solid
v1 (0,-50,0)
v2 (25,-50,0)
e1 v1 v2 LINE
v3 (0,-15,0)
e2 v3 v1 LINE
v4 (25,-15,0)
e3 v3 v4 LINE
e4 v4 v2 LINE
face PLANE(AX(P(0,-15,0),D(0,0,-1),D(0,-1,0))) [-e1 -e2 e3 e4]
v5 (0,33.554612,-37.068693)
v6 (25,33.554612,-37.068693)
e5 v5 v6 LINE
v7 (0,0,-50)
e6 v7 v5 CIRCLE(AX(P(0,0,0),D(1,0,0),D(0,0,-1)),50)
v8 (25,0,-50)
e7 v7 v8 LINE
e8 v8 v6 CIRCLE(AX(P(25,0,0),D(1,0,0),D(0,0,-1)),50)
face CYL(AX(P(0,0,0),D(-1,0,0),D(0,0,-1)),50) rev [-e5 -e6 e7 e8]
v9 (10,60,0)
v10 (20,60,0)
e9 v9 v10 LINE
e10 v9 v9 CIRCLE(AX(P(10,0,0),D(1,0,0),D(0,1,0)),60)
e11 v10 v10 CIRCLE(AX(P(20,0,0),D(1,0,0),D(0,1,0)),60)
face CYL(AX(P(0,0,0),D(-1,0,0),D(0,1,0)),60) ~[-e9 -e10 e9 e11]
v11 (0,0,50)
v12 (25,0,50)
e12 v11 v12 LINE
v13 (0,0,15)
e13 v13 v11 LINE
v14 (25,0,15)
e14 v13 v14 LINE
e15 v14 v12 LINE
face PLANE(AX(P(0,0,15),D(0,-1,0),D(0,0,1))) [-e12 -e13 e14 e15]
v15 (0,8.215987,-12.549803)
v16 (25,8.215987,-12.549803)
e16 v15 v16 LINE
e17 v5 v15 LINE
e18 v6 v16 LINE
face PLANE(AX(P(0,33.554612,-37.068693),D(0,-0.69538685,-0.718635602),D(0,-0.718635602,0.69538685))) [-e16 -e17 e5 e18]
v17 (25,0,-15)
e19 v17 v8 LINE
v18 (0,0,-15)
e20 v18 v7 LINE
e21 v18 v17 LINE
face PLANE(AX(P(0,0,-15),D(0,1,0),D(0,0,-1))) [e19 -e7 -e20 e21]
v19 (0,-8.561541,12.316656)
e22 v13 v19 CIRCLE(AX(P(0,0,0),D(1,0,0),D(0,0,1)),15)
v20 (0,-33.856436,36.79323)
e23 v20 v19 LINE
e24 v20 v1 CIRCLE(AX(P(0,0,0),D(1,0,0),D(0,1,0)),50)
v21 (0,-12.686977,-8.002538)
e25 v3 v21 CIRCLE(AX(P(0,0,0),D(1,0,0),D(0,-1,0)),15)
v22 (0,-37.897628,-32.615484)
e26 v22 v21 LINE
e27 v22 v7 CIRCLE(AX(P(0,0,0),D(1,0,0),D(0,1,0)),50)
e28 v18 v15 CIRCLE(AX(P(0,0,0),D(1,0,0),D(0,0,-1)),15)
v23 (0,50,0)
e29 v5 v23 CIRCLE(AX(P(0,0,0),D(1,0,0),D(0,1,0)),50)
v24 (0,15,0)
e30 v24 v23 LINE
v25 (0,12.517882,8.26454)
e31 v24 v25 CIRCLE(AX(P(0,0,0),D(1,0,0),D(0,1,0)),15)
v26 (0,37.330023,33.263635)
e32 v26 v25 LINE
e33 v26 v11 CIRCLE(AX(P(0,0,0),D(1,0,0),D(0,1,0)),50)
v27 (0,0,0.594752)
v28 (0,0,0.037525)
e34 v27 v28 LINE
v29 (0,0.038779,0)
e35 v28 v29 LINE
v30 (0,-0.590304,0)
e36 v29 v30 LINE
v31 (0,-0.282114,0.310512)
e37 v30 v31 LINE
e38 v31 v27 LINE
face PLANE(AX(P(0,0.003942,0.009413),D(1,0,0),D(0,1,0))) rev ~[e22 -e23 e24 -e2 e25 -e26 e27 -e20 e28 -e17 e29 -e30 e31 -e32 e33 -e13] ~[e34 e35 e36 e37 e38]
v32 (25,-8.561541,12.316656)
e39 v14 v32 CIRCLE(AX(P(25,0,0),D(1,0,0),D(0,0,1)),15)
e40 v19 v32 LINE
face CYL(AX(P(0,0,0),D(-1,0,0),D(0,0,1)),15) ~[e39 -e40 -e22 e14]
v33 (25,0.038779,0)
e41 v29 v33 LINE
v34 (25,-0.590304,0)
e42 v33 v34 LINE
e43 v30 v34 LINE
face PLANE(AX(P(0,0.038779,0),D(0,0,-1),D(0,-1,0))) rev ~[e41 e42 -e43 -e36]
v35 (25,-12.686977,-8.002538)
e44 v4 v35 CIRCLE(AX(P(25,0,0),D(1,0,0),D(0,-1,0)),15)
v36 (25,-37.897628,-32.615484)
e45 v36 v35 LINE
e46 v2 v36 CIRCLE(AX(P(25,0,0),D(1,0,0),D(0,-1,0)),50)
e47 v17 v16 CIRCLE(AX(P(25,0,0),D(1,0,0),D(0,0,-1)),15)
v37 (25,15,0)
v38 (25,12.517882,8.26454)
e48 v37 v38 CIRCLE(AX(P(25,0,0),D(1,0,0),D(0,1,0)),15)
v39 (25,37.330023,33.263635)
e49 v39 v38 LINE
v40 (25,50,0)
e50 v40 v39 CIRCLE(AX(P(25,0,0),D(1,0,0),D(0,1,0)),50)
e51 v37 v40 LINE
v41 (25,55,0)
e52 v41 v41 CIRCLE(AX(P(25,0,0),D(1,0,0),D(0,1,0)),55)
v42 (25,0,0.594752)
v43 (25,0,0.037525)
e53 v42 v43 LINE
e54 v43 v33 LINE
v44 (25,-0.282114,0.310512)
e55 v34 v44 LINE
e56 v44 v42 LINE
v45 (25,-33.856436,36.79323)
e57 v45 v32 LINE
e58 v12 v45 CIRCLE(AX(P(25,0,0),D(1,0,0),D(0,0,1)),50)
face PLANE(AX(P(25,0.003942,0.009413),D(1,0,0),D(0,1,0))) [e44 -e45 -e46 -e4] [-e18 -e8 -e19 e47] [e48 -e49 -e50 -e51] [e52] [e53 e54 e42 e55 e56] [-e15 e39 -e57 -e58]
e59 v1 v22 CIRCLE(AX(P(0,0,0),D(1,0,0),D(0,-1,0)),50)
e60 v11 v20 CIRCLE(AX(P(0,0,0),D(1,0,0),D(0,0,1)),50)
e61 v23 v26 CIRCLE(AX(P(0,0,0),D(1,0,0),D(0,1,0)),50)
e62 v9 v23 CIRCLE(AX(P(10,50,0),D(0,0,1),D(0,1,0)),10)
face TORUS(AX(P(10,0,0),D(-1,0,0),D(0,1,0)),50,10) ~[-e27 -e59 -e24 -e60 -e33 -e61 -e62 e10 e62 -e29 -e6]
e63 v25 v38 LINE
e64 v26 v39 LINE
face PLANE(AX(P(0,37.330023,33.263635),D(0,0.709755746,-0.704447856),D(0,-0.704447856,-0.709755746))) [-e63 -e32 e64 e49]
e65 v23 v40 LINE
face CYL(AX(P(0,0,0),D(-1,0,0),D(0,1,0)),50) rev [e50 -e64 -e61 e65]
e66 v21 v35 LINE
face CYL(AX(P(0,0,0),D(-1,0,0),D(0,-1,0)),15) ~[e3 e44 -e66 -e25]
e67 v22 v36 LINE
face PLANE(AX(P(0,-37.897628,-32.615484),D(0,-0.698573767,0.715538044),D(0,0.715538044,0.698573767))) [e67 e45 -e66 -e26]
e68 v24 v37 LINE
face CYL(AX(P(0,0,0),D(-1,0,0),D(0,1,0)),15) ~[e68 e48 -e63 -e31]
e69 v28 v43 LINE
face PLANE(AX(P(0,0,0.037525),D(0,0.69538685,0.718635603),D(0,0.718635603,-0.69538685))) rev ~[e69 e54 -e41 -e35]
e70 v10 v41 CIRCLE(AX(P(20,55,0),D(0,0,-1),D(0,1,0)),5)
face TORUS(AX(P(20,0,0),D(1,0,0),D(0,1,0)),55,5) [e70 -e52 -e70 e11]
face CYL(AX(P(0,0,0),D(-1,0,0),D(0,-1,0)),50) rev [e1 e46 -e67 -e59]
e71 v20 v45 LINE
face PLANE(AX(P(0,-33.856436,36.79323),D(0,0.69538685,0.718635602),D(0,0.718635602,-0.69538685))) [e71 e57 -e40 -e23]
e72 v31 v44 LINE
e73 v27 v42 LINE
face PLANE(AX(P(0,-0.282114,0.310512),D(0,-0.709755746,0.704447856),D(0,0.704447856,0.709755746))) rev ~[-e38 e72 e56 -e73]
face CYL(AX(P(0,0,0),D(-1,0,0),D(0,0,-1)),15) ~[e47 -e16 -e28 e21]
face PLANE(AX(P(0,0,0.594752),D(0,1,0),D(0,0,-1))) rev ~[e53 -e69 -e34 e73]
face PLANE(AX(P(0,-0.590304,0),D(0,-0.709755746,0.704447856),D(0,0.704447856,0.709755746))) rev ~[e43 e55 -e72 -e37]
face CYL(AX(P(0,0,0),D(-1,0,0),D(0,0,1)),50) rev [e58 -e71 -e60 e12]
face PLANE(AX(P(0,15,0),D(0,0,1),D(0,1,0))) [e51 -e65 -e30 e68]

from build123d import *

# Parameters (mm, degrees)
F0_R     = 60
F0_R_2   = 55
F1_DEPTH = 25
F2_R     = 5
F3_R     = 10
F4_DEPTH = 25
F5_DEPTH = 25


with BuildPart() as f1:
    # F0 (on Right) → F1 (new body)
    with BuildSketch(Plane.YZ):
        Circle(F0_R)
        Circle(F0_R_2, mode=Mode.SUBTRACT)
        Circle(F0_R_2)
        with BuildLine():
            ThreePointArc((37.3300225605, 33.2636350333), (46.7252668694, 17.7974558852), (50, 0))
            ThreePointArc((50, 0), (46.3547535543, -18.7413132657), (35.9505270831, -34.7499583085))
            ThreePointArc((35.9505270831, -34.7499583085), (34.7719029265, -35.9293023432), (33.5546123129, -37.0686928894))
            ThreePointArc((33.5546123129, -37.0686928894), (17.9800633415, -46.6553032595), (0, -50))
            ThreePointArc((0, -50), (-19.2409733878, -46.1495930978), (-35.5185237062, -35.1913977235))
            ThreePointArc((-35.5185237062, -35.1913977235), (-36.7306636988, -33.9243031505), (-37.8976277369, -32.6154842355))
            ThreePointArc((-37.8976277369, -32.6154842355), (-46.8768673593, -17.3942319916), (-50, 0))
            ThreePointArc((-50, 0), (-46.3446390349, 18.7663111114), (-35.9130226909, 34.7887165789))
            ThreePointArc((-35.9130226909, 34.7887165789), (-34.8991240146, 35.8057417605), (-33.8564359237, 36.7932296292))
            ThreePointArc((-33.8564359237, 36.7932296292), (-18.1705602354, 46.5814420207), (0, 50))
            ThreePointArc((0, 50), (1.5278005192, 49.9766528048), (3.054174244, 49.9066330229))
            ThreePointArc((3.054174244, 49.9066330229), (20.2598113498, 45.7114870035), (34.923788683, 35.7816850362))
            ThreePointArc((34.923788683, 35.7816850362), (36.148837516, 34.5436180248), (37.3300225605, 33.2636350333))
        make_face(mode=Mode.SUBTRACT)
        with BuildLine():
            ThreePointArc((-35.5185237062, -35.1913977235), (-19.2409733878, -46.1495930978), (0, -50))
            Line((0, -50), (0, -15))
            ThreePointArc((0, -15), (-5.9073859905, -13.7877768607), (-10.8599626488, -10.347038768))
            Line((-10.8599626488, -10.347038768), (-35.5185237062, -35.1913977235))
        make_face()
        with BuildLine():
            Line((-10.7607644181, 10.4501650292), (-35.9130226909, 34.7887165789))
            ThreePointArc((-35.9130226909, 34.7887165789), (-46.3446390349, 18.7663111114), (-50, 0))
            Line((-50, 0), (-15, 0))
            ThreePointArc((-15, 0), (-13.8998465148, 5.6386405156), (-10.7607644181, 10.4501650292))
        make_face()
        with BuildLine():
            ThreePointArc((35.9505270831, -34.7499583085), (46.3547535543, -18.7413132657), (50, 0))
            Line((50, 0), (15, 0))
            ThreePointArc((15, 0), (13.909961038, -5.6136426607), (10.7982688104, -10.4114067589))
            Line((10.7982688104, -10.4114067589), (35.9505270831, -34.7499583085))
        make_face()
        with BuildLine():
            Line((0, 15), (0, 50))
            ThreePointArc((0, 50), (-18.1705602354, 46.5814420207), (-33.8564359237, 36.7932296292))
            Line((-33.8564359237, 36.7932296292), (-8.5615410762, 12.3166559748))
            ThreePointArc((-8.5615410762, 12.3166559748), (-4.4860985488, 14.3134524071), (0, 15))
        make_face()
        with BuildLine():
            ThreePointArc((0, -50), (17.9800633415, -46.6553032595), (33.5546123129, -37.0686928894))
            Line((33.5546123129, -37.0686928894), (8.2159867451, -12.5498032576))
            ThreePointArc((8.2159867451, -12.5498032576), (4.2867791601, -14.3744051853), (0, -15))
            Line((0, -15), (0, -50))
        make_face()
        with BuildLine():
            Line((15, 0), (50, 0))
            ThreePointArc((50, 0), (46.7252668694, 17.7974558852), (37.3300225605, 33.2636350333))
            Line((37.3300225605, 33.2636350333), (12.5178824574, 8.264539841))
            ThreePointArc((12.5178824574, 8.264539841), (14.3660752619, 4.3146125631), (15, 0))
        make_face()
        with BuildLine():
            ThreePointArc((-50, 0), (-46.8768673593, -17.3942319916), (-37.8976277369, -32.6154842355))
            Line((-37.8976277369, -32.6154842355), (-12.6869769146, -8.0025381453))
            ThreePointArc((-12.6869769146, -8.0025381453), (-14.4101466634, -4.165053798), (-15, 0))
            Line((-15, 0), (-50, 0))
        make_face()
        with BuildLine():
            Line((10.2652276257, 10.9373260806), (34.923788683, 35.7816850362))
            ThreePointArc((34.923788683, 35.7816850362), (20.2598113498, 45.7114870035), (3.054174244, 49.9066330229))
            Line((3.054174244, 49.9066330229), (3.054174244, 14.6857761009))
            ThreePointArc((3.054174244, 14.6857761009), (6.9184055916, 13.309232287), (10.2652276257, 10.9373260806))
        make_face()
        with BuildLine():
            Line((12.5178824574, 8.264539841), (37.3300225605, 33.2636350333))
            ThreePointArc((37.3300225605, 33.2636350333), (36.148837516, 34.5436180248), (34.923788683, 35.7816850362))
            Line((34.923788683, 35.7816850362), (10.2652276257, 10.9373260806))
            ThreePointArc((10.2652276257, 10.9373260806), (11.4696762306, 9.666774393), (12.5178824574, 8.264539841))
        make_face()
        with BuildLine():
            ThreePointArc((33.5546123129, -37.0686928894), (34.7719029265, -35.9293023432), (35.9505270831, -34.7499583085))
            Line((35.9505270831, -34.7499583085), (10.7982688104, -10.4114067589))
            ThreePointArc((10.7982688104, -10.4114067589), (9.5670613815, -11.5529795517), (8.2159867451, -12.5498032576))
            Line((8.2159867451, -12.5498032576), (33.5546123129, -37.0686928894))
        make_face()
        with BuildLine():
            ThreePointArc((-37.8976277369, -32.6154842355), (-36.7306636988, -33.9243031505), (-35.5185237062, -35.1913977235))
            Line((-35.5185237062, -35.1913977235), (-10.8599626488, -10.347038768))
            ThreePointArc((-10.8599626488, -10.347038768), (-11.8316846431, -9.2201539307), (-12.6869769146, -8.0025381453))
            Line((-12.6869769146, -8.0025381453), (-37.8976277369, -32.6154842355))
        make_face()
        with BuildLine():
            Line((3.054174244, 14.6857761009), (3.054174244, 49.9066330229))
            ThreePointArc((3.054174244, 49.9066330229), (1.5278005192, 49.9766528048), (0, 50))
            Line((0, 50), (0, 15))
            ThreePointArc((0, 15), (1.5351479547, 14.9212372395), (3.054174244, 14.6857761009))
        make_face()
        with BuildLine():
            Line((-8.5615410762, 12.3166559748), (-33.8564359237, 36.7932296292))
            ThreePointArc((-33.8564359237, 36.7932296292), (-34.8991240146, 35.8057417605), (-35.9130226909, 34.7887165789))
            Line((-35.9130226909, 34.7887165789), (-10.7607644181, 10.4501650292))
            ThreePointArc((-10.7607644181, 10.4501650292), (-9.7061227849, 11.4363971811), (-8.5615410762, 12.3166559748))
        make_face()
    extrude(amount=F1_DEPTH)

    # F2
    f2_edges = [f1.edges().sort_by_distance(p)[0] for p in [
        (25, -60, 0),
    ]]
    fillet(f2_edges, radius=F2_R)

    # F3
    f3_edges = [f1.edges().sort_by_distance(p)[0] for p in [
        (0, -60, 0),
    ]]
    fillet(f3_edges, radius=F3_R)

    # F0 (on Right) → F4 (cut, through all)
    with BuildSketch(Plane.YZ):
        with BuildLine():
            Line((0, 15), (0, 50))
            ThreePointArc((0, 50), (-18.1705602354, 46.5814420207), (-33.8564359237, 36.7932296292))
            Line((-33.8564359237, 36.7932296292), (-8.5615410762, 12.3166559748))
            ThreePointArc((-8.5615410762, 12.3166559748), (-4.4860985488, 14.3134524071), (0, 15))
        make_face()
        with BuildLine():
            ThreePointArc((-50, 0), (-46.8768673593, -17.3942319916), (-37.8976277369, -32.6154842355))
            Line((-37.8976277369, -32.6154842355), (-12.6869769146, -8.0025381453))
            ThreePointArc((-12.6869769146, -8.0025381453), (-14.4101466634, -4.165053798), (-15, 0))
            Line((-15, 0), (-50, 0))
        make_face()
        with BuildLine():
            ThreePointArc((0, -50), (17.9800633415, -46.6553032595), (33.5546123129, -37.0686928894))
            Line((33.5546123129, -37.0686928894), (8.2159867451, -12.5498032576))
            ThreePointArc((8.2159867451, -12.5498032576), (4.2867791601, -14.3744051853), (0, -15))
            Line((0, -15), (0, -50))
        make_face()
        with BuildLine():
            Line((15, 0), (50, 0))
            ThreePointArc((50, 0), (46.7252668694, 17.7974558852), (37.3300225605, 33.2636350333))
            Line((37.3300225605, 33.2636350333), (12.5178824574, 8.264539841))
            ThreePointArc((12.5178824574, 8.264539841), (14.3660752619, 4.3146125631), (15, 0))
        make_face()
    extrude(amount=F4_DEPTH, mode=Mode.SUBTRACT)

    # F0 (on Right) → F5 (join)
    with BuildSketch(Plane.YZ):
        with BuildLine():
            ThreePointArc((10.7982688104, -10.4114067589), (13.909961038, -5.6136426607), (15, 0))
            ThreePointArc((15, 0), (14.3660752619, 4.3146125631), (12.5178824574, 8.264539841))
            ThreePointArc((12.5178824574, 8.264539841), (11.4696762306, 9.666774393), (10.2652276257, 10.9373260806))
            ThreePointArc((10.2652276257, 10.9373260806), (6.9184055916, 13.309232287), (3.054174244, 14.6857761009))
            ThreePointArc((3.054174244, 14.6857761009), (1.5351479547, 14.9212372395), (0, 15))
            ThreePointArc((0, 15), (-4.4860985488, 14.3134524071), (-8.5615410762, 12.3166559748))
            ThreePointArc((-8.5615410762, 12.3166559748), (-9.7061227849, 11.4363971811), (-10.7607644181, 10.4501650292))
            ThreePointArc((-10.7607644181, 10.4501650292), (-13.8998465148, 5.6386405156), (-15, 0))
            ThreePointArc((-15, 0), (-14.4101466634, -4.165053798), (-12.6869769146, -8.0025381453))
            ThreePointArc((-12.6869769146, -8.0025381453), (-11.8316846431, -9.2201539307), (-10.8599626488, -10.347038768))
            ThreePointArc((-10.8599626488, -10.347038768), (-5.9073859905, -13.7877768607), (0, -15))
            ThreePointArc((0, -15), (4.2867791601, -14.3744051853), (8.2159867451, -12.5498032576))
            ThreePointArc((8.2159867451, -12.5498032576), (9.5670613815, -11.5529795517), (10.7982688104, -10.4114067589))
        make_face()
        Polygon((-0.2821140827, 0.3105120171), (0, 0.5947517795), (0, 0.0375246745), (0.0387792307, 0), (0, 0), (-0.5903039437, 0), align=None, mode=Mode.SUBTRACT)
    extrude(amount=F5_DEPTH)


solid = f1.part
